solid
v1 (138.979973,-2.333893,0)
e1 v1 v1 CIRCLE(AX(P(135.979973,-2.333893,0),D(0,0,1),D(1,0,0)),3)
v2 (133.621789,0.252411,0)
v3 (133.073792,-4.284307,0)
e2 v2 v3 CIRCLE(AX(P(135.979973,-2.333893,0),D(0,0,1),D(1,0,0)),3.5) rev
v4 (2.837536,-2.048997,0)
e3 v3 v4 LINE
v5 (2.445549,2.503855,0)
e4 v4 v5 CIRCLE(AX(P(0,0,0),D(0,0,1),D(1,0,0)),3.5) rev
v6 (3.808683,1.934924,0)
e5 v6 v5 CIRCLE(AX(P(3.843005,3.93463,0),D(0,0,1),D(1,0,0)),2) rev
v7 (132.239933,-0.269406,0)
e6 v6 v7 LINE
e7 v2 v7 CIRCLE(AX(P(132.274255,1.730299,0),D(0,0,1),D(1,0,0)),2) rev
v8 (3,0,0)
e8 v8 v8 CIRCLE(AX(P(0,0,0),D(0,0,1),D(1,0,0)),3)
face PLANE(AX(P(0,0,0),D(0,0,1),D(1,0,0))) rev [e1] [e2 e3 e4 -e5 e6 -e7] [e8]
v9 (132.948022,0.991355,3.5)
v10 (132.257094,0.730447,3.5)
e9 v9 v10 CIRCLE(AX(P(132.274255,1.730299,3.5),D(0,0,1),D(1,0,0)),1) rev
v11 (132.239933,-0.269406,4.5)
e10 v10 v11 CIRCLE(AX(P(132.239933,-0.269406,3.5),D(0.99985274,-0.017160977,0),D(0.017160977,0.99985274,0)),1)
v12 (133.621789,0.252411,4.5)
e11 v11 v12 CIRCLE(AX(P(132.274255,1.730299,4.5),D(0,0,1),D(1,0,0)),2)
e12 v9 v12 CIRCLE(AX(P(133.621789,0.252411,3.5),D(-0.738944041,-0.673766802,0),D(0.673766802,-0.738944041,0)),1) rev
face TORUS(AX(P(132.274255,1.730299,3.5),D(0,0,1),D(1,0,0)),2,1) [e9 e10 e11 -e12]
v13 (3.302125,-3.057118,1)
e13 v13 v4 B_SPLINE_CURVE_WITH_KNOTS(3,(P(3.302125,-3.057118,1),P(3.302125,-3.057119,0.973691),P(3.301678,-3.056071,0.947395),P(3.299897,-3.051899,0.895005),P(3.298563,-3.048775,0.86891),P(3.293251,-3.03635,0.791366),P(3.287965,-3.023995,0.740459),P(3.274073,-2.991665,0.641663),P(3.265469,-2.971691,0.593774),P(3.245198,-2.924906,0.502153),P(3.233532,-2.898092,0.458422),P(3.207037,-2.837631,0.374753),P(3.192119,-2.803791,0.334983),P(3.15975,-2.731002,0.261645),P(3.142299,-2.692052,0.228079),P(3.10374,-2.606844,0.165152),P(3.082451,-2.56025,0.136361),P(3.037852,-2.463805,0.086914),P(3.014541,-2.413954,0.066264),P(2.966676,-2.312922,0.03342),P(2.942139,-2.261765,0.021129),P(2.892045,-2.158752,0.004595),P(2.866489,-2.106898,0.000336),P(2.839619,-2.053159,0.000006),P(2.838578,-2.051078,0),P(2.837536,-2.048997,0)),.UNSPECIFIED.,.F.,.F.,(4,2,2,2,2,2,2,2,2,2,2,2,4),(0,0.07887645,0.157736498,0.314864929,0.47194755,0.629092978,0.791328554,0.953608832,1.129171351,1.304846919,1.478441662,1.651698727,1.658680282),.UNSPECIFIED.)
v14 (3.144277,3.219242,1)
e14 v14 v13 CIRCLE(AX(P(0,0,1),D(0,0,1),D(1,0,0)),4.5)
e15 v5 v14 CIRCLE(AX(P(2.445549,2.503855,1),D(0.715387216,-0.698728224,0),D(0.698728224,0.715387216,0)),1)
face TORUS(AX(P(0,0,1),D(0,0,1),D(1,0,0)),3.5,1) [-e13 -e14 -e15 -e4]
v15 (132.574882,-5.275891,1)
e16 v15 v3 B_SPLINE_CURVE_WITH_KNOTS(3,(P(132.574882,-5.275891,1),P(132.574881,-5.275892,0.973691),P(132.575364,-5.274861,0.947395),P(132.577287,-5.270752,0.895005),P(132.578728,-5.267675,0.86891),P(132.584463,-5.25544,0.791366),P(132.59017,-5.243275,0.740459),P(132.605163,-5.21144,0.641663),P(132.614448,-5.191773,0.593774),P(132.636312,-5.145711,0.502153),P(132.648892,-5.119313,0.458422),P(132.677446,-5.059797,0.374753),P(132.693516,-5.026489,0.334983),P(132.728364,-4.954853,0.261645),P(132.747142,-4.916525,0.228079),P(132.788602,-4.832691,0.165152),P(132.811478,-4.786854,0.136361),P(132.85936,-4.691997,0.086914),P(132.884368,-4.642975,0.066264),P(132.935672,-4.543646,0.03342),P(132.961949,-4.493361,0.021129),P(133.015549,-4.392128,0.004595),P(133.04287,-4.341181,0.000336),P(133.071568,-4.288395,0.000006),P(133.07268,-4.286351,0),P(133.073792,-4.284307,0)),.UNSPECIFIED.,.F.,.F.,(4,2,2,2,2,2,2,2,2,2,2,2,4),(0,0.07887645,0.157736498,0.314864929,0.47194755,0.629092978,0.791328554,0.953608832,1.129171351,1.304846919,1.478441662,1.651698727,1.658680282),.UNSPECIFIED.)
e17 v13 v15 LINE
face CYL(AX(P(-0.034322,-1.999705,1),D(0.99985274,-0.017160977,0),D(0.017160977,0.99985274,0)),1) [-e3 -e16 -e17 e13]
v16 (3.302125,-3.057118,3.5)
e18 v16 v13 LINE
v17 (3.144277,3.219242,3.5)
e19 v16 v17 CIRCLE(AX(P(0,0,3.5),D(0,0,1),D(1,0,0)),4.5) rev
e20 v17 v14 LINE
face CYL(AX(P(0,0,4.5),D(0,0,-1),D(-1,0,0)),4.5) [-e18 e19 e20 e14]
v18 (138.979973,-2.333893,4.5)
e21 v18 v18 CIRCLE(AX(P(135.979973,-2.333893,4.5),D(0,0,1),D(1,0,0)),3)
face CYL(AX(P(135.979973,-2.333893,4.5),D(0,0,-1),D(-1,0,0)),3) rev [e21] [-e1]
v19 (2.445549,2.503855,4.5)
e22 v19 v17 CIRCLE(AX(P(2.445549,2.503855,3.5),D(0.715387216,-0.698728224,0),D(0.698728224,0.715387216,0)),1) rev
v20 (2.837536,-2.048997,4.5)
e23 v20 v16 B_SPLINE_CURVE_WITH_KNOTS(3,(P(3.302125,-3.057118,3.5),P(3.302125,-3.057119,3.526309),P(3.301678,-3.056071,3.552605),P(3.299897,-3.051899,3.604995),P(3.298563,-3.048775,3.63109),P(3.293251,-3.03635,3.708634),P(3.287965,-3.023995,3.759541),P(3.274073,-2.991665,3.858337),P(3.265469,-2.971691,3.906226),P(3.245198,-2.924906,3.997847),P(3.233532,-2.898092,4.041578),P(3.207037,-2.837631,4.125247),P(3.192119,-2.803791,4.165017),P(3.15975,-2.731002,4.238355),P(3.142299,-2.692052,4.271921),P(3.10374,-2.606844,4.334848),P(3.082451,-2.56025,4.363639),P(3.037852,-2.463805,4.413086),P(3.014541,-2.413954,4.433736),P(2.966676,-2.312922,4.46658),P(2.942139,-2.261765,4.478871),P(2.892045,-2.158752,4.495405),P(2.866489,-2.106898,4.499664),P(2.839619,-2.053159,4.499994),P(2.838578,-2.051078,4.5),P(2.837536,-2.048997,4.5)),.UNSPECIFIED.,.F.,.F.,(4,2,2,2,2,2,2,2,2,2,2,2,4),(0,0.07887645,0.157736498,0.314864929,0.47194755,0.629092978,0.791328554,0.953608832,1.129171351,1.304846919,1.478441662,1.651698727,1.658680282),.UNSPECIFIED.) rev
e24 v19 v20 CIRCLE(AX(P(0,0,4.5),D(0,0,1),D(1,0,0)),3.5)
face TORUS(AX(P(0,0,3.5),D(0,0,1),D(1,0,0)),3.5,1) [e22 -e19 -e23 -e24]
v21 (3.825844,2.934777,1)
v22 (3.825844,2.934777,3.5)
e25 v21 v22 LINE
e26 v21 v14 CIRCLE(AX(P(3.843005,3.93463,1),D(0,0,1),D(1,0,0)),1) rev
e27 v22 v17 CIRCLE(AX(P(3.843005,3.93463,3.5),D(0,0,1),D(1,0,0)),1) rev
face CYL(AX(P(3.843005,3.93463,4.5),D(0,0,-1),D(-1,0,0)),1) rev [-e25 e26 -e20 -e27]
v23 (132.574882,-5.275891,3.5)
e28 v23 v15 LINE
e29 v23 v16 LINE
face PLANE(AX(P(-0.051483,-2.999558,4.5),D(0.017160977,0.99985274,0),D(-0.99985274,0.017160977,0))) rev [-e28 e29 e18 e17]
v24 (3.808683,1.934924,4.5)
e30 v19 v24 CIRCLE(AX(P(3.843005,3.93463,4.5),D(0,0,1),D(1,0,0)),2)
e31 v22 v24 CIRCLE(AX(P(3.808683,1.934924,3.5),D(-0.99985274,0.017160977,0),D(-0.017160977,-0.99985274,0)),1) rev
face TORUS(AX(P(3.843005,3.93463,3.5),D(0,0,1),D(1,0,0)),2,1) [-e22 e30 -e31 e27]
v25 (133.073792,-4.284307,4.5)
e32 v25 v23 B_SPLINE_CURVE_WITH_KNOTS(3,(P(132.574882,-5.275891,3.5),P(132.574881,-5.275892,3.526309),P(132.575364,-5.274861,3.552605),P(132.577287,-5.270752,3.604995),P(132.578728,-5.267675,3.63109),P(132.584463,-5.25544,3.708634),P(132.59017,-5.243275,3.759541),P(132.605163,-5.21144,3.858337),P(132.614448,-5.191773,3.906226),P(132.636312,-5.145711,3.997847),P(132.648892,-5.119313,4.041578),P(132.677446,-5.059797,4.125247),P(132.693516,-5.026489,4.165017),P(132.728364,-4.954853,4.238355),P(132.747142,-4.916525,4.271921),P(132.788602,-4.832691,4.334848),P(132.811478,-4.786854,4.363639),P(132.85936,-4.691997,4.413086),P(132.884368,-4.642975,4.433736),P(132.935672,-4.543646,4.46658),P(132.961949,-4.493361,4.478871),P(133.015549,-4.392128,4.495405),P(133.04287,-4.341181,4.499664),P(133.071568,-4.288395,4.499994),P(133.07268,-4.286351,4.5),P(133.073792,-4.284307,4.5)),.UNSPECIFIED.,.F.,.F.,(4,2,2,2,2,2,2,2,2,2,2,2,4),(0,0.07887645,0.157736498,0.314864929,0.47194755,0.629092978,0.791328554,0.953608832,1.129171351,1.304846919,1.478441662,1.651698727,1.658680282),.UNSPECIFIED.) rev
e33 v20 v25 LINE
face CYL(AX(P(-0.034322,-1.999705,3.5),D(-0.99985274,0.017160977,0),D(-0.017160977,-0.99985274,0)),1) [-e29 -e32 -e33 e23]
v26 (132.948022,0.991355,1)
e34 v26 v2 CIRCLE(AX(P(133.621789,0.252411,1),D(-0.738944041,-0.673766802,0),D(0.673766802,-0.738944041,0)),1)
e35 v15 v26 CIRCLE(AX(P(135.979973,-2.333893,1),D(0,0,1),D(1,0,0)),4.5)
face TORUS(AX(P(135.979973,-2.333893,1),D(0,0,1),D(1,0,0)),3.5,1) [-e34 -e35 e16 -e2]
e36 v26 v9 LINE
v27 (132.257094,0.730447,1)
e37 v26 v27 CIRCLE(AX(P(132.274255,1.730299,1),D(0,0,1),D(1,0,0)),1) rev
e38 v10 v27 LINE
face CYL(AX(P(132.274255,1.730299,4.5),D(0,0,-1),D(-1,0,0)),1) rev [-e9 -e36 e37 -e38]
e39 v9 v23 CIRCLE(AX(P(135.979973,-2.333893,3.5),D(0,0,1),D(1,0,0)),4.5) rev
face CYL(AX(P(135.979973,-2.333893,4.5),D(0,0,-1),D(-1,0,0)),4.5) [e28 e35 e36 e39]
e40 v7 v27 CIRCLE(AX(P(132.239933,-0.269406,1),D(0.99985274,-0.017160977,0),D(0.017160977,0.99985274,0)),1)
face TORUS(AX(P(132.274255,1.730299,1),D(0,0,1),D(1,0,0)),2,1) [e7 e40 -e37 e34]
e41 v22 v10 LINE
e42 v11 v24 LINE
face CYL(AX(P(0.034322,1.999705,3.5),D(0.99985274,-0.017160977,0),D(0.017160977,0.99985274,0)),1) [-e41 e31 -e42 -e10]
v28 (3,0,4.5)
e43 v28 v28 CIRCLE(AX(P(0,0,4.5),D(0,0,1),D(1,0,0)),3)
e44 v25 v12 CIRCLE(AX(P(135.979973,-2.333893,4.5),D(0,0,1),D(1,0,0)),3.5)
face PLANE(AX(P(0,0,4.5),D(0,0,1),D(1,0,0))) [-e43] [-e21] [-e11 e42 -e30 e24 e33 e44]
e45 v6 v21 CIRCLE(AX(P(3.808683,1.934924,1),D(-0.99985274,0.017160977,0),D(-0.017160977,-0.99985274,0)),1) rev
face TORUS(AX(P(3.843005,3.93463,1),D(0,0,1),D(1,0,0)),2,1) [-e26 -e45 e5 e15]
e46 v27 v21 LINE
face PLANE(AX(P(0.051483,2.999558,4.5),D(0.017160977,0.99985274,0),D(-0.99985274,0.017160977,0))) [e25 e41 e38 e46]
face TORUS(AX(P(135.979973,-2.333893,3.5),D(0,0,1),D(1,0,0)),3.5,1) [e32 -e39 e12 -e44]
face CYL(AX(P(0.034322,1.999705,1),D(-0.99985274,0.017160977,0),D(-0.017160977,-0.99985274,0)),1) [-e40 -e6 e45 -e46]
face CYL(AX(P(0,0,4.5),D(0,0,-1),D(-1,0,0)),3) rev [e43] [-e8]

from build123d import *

# Parameters (mm, degrees)
SKETCH1_R           = 3
BOSS_EXTRUDE1_DEPTH = 4.5
FILLET3_R           = 1


with BuildPart() as part:
    # Sketch1 → Boss-Extrude1 (new body)
    with BuildSketch(Plane.XY):
        with BuildLine():
            Line((3.405090972, 2.94199855), (132.677847476, 0.723224952))
            ThreePointArc((132.677847476, 0.723224952), (140.479309911, -2.411117334), (132.574881611, -5.275891486))
            Line((132.574881611, -5.275891486), (3.302125107, -3.057117887))
            ThreePointArc((3.302125107, -3.057117887), (-4.499337328, 0.077224399), (3.405090972, 2.94199855))
        make_face()
        Circle(SKETCH1_R, mode=Mode.SUBTRACT)
        with Locations((135.979972583, -2.333892935)):
            Circle(SKETCH1_R, mode=Mode.SUBTRACT)
    extrude(amount=BOSS_EXTRUDE1_DEPTH)

    # Fillet3
    fillet3_edges = [part.edges().sort_by_distance(p)[0] for p in [
        (3.405090972, 2.94199855, 2.25),
        (132.677847476, 0.723224952, 2.25),
        (67.938503359, -4.166504686, 4.5),
        (140.479309911, -2.411117334, 4.5),
        (68.041469224, 1.832611751, 4.5),
        (-4.499337328, 0.077224399, 4.5),
        (-4.499337328, 0.077224399, 0),
        (68.041469224, 1.832611751, 0),
        (140.479309911, -2.411117334, 0),
        (67.938503359, -4.166504686, 0),
    ]]
    fillet(fillet3_edges, radius=FILLET3_R)


solid = part.part
